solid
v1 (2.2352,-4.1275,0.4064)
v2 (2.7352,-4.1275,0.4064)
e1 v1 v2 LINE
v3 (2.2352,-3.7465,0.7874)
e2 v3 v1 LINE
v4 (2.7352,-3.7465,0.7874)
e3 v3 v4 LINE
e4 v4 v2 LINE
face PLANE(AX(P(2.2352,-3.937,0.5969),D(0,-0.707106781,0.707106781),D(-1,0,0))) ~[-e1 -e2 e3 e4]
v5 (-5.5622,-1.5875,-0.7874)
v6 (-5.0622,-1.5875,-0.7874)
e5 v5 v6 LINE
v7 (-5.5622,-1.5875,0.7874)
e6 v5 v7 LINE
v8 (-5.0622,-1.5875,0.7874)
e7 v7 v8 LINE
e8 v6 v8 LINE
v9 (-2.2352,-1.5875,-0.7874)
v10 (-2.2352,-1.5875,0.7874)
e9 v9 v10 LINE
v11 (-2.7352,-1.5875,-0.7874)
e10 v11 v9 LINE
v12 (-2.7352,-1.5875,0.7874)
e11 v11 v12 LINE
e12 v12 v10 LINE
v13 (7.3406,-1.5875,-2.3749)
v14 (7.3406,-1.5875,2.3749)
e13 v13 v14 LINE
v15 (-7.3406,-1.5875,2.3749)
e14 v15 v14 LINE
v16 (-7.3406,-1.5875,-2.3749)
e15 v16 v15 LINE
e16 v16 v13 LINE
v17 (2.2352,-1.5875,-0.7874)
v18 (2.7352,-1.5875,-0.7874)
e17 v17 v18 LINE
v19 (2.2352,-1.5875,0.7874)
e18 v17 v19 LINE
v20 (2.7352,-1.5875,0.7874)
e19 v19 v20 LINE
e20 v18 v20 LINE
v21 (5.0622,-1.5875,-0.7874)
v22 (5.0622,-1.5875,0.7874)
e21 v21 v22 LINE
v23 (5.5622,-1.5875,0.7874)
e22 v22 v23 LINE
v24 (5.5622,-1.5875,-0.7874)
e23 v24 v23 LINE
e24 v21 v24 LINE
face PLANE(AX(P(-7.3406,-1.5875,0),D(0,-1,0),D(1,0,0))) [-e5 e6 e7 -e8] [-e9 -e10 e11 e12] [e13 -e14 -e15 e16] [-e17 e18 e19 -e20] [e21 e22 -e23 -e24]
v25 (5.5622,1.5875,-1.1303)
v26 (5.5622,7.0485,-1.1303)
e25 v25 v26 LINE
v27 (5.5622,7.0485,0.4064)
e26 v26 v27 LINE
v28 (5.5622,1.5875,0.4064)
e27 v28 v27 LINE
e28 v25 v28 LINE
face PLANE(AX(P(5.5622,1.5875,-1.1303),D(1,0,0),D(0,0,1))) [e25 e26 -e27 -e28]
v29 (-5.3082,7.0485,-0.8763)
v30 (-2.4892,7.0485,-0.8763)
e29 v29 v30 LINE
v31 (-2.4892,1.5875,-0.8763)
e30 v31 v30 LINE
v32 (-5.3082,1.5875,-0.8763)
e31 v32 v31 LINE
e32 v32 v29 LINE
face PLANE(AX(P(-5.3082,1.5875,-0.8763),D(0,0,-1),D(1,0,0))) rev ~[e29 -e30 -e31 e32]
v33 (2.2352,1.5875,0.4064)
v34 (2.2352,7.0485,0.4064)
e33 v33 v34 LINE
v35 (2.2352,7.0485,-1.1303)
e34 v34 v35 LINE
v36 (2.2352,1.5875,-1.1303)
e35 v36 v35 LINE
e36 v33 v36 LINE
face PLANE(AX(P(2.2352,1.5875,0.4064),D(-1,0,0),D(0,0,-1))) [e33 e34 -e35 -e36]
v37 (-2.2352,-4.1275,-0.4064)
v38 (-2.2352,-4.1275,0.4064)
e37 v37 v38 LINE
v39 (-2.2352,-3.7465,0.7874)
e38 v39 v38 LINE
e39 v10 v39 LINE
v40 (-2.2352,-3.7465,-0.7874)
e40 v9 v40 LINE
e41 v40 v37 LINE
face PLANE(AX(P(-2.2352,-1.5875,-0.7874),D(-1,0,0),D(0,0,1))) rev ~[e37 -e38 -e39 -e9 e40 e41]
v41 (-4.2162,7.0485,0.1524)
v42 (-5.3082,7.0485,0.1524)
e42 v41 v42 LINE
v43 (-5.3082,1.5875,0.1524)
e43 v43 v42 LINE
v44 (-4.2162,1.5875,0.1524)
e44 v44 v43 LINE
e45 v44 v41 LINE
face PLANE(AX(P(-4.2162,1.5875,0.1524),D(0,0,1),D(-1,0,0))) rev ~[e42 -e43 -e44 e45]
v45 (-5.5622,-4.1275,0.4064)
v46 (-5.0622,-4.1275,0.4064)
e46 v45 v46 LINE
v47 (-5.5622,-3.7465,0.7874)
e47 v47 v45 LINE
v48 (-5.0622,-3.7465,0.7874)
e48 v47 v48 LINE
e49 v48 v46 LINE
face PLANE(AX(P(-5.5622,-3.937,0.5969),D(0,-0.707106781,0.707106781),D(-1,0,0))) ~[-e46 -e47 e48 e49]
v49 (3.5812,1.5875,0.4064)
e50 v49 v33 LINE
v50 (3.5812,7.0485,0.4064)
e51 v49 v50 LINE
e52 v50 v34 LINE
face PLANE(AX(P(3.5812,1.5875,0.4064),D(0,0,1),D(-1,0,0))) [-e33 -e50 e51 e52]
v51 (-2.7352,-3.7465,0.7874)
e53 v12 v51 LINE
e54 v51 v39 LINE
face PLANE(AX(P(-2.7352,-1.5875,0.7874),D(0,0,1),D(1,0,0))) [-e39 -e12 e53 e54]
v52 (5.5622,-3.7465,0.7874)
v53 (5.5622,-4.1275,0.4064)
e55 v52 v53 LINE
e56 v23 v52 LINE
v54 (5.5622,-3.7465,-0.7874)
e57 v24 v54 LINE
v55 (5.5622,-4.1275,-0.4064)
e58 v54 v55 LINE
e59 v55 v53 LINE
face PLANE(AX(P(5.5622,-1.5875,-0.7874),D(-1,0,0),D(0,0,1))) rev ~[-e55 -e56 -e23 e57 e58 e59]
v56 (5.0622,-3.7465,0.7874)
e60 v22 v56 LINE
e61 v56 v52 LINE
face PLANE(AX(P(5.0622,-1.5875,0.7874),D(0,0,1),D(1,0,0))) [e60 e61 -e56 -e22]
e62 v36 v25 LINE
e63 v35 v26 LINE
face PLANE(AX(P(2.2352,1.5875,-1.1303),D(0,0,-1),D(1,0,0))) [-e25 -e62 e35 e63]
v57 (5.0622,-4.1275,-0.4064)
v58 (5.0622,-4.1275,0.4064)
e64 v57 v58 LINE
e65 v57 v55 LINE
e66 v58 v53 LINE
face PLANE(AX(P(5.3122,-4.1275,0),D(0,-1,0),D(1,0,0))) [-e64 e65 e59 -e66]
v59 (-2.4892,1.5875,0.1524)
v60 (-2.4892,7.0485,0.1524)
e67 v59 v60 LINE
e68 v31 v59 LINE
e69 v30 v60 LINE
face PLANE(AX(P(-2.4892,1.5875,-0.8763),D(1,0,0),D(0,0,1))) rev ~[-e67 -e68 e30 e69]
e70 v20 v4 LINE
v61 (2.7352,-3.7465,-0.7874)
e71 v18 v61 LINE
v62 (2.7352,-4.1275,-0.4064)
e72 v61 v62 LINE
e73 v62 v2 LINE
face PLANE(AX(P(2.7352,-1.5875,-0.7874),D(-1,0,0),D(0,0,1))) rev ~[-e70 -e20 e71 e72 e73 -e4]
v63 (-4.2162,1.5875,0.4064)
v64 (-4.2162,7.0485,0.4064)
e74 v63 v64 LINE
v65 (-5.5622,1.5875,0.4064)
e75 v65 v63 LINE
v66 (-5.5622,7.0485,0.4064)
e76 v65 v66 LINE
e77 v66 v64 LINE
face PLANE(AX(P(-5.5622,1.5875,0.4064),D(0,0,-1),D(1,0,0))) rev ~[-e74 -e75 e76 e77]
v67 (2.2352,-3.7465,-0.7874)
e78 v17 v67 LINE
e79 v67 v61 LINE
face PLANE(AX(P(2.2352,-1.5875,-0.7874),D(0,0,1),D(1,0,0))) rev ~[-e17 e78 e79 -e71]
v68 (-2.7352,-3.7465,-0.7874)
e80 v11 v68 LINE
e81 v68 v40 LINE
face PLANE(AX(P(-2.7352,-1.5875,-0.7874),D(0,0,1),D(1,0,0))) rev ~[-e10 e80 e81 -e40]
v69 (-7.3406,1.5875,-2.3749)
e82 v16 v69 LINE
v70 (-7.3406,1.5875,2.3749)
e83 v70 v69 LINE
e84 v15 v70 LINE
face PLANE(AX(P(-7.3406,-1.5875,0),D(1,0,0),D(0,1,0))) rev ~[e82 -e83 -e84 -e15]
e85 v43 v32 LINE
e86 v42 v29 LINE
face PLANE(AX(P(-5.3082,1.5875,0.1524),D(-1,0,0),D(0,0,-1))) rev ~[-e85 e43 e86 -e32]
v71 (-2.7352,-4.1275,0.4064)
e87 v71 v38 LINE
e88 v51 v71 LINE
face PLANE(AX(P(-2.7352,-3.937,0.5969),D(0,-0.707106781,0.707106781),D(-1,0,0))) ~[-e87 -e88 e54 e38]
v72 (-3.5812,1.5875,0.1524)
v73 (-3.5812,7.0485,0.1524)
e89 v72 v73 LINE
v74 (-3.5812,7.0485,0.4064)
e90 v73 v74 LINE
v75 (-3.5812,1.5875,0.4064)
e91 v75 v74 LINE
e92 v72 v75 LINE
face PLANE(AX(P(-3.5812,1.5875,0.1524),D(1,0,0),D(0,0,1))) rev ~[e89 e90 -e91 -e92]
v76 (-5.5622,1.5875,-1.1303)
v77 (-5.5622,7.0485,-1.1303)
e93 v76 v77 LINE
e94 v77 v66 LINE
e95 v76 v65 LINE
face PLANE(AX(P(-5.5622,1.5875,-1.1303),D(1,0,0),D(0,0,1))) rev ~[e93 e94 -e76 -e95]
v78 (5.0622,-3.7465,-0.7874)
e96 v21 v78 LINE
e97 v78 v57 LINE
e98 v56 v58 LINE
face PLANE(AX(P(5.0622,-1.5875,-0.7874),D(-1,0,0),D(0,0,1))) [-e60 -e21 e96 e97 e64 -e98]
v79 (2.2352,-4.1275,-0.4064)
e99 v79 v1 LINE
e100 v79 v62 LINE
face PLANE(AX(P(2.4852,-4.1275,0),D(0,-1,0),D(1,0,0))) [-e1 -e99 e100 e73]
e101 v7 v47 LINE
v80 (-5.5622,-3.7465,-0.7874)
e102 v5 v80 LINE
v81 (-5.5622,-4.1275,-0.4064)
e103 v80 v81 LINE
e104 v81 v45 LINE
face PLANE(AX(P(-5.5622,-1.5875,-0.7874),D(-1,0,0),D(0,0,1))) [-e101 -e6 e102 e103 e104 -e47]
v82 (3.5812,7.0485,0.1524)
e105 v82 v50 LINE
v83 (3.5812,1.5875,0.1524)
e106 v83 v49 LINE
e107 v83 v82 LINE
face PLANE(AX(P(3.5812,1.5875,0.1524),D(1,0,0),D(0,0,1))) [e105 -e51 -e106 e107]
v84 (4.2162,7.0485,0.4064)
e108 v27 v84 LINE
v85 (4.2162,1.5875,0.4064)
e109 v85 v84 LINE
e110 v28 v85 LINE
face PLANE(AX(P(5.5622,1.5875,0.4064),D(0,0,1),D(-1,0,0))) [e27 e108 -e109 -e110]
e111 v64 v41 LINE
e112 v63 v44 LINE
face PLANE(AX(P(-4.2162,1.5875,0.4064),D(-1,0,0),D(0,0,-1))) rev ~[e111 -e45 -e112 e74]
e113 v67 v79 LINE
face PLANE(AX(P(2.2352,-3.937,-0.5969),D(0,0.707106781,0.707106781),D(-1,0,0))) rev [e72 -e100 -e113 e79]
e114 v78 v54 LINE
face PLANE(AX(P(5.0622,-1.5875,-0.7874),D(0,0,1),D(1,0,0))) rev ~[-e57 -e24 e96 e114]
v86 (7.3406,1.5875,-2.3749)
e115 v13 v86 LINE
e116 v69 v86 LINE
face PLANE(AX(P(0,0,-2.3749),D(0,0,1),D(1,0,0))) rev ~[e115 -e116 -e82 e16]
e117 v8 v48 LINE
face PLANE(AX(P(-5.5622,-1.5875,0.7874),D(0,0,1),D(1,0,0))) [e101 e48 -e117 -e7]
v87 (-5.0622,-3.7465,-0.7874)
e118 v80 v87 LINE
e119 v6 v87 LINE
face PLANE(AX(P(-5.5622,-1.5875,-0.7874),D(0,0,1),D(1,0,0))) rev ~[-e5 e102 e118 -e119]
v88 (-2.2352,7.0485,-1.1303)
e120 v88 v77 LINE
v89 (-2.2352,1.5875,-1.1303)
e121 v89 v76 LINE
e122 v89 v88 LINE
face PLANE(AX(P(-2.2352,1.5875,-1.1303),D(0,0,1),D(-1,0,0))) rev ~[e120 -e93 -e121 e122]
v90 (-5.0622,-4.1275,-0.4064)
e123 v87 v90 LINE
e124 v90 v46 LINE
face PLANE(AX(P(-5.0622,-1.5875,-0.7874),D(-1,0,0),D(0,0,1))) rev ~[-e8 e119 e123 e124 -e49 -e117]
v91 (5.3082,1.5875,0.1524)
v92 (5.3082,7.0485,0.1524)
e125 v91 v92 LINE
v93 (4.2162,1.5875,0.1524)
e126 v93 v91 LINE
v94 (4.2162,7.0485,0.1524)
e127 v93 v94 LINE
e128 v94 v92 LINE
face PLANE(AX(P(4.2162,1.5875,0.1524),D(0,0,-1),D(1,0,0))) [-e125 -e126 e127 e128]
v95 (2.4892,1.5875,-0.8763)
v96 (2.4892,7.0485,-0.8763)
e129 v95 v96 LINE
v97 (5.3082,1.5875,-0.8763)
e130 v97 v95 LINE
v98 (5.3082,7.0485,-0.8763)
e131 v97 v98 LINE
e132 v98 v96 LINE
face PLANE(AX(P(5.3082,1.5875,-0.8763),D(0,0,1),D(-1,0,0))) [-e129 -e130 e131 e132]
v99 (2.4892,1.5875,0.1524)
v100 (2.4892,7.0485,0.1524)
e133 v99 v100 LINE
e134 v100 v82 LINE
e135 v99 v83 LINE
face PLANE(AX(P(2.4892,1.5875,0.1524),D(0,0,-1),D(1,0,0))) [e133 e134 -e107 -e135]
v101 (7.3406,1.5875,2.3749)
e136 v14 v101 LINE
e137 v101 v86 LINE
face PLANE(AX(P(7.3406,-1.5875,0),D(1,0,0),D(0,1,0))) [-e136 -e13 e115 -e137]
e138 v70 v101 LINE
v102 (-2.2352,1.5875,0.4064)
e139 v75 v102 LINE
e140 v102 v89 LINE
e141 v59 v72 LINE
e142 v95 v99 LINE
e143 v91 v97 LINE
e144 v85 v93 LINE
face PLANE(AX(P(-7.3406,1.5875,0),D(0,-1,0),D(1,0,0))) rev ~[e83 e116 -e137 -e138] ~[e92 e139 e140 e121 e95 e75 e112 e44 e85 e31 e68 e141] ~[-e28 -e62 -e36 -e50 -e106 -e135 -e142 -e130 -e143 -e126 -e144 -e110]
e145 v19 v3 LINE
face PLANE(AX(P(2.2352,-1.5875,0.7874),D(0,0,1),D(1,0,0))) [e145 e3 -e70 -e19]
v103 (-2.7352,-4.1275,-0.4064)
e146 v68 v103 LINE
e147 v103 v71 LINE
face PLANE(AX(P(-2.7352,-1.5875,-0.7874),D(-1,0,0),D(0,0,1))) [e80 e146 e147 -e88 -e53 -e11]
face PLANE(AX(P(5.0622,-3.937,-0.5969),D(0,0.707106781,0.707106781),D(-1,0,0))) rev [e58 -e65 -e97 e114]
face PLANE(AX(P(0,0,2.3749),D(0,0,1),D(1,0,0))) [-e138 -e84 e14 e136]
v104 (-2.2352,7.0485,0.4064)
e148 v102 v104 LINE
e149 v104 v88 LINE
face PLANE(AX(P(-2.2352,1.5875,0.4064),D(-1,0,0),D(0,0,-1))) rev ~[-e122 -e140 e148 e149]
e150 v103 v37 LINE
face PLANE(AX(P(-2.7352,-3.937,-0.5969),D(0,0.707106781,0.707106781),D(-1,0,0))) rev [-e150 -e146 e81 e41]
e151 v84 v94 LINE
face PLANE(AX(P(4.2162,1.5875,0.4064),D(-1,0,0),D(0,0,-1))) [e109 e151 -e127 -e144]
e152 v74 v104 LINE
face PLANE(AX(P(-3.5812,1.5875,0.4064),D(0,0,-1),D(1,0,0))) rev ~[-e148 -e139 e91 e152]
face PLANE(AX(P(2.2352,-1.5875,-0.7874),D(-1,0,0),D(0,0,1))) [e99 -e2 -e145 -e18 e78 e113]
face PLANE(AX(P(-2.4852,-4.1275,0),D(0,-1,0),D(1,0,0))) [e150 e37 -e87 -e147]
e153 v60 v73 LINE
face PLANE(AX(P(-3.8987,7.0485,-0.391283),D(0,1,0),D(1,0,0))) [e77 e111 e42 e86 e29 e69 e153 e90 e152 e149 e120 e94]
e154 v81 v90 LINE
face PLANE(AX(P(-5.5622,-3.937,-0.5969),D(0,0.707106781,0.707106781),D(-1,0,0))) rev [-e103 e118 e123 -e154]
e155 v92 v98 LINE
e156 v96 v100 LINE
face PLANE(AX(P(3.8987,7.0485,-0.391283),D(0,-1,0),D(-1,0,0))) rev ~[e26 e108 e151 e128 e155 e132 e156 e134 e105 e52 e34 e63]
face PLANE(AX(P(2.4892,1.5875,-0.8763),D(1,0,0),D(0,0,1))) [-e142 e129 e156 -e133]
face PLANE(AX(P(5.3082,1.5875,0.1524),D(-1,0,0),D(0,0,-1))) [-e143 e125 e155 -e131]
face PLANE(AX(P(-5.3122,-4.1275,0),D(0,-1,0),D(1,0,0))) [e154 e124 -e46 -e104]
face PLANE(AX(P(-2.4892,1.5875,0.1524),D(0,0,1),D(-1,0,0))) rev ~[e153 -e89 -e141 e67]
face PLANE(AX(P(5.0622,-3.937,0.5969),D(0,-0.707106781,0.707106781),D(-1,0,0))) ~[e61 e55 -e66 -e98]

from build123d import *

# Parameters (mm, degrees)
SKETCH1_W           = 14.6812
SKETCH1_H           = 3.175
BOSS_EXTRUDE1_DEPTH = 2.3749
SKETCH2_W           = 0.5
SKETCH2_H           = 1.5748
BOSS_EXTRUDE2_DEPTH = 2.54
CHAMFER1_SIZE       = 0.381
BOSS_EXTRUDE3_DEPTH = 5.461


with BuildPart() as part:
    # Sketch1 → Boss-Extrude1 (new body, symmetric)
    with BuildSketch(Plane.XY):
        Rectangle(SKETCH1_W, SKETCH1_H)
    extrude(amount=BOSS_EXTRUDE1_DEPTH, both=True)

    # Sketch2 → Boss-Extrude2 (add)
    with BuildSketch(Plane.XZ.offset(1.5875)):
        with Locations((-5.3122, 0)):
            Rectangle(SKETCH2_W, SKETCH2_H)
        with Locations((-2.4852, 0)):
            Rectangle(SKETCH2_W, SKETCH2_H)
        with Locations((2.4852, 0)):
            Rectangle(SKETCH2_W, SKETCH2_H)
        with Locations((5.3122, 0)):
            Rectangle(SKETCH2_W, SKETCH2_H)
    extrude(amount=BOSS_EXTRUDE2_DEPTH)

    # Chamfer1
    chamfer1_edges = [part.edges().sort_by_distance(p)[0] for p in [
        (-5.3122, -4.1275, -0.7874),
        (-5.3122, -4.1275, 0.7874),
        (-2.4852, -4.1275, -0.7874),
        (-2.4852, -4.1275, 0.7874),
        (2.4852, -4.1275, 0.7874),
        (2.4852, -4.1275, -0.7874),
        (5.3122, -4.1275, 0.7874),
        (5.3122, -4.1275, -0.7874),
    ]]
    chamfer(chamfer1_edges, length=CHAMFER1_SIZE)

    # Sketch3 → Boss-Extrude3 (add)
    with BuildSketch(Plane(origin=(0, 1.5875, 0), x_dir=(1, 0, 0), z_dir=(0, 1, 0))):
        Polygon((-5.3082, 0.8763), (-2.4892, 0.8763), (-2.4892, -0.1524), (-3.5812, -0.1524), (-3.5812, -0.4064), (-2.2352, -0.4064), (-2.2352, 1.1303), (-5.5622, 1.1303), (-5.5622, -0.4064), (-4.2162, -0.4064), (-4.2162, -0.1524), (-5.3082, -0.1524), align=None)
        Polygon((5.5622, 1.1303), (5.5622, -0.4064), (4.2162, -0.4064), (4.2162, -0.1524), (5.3082, -0.1524), (5.3082, 0.8763), (2.4892, 0.8763), (2.4892, -0.1524), (3.5812, -0.1524), (3.5812, -0.4064), (2.2352, -0.4064), (2.2352, 1.1303), align=None)
    extrude(amount=BOSS_EXTRUDE3_DEPTH)


solid = part.part
